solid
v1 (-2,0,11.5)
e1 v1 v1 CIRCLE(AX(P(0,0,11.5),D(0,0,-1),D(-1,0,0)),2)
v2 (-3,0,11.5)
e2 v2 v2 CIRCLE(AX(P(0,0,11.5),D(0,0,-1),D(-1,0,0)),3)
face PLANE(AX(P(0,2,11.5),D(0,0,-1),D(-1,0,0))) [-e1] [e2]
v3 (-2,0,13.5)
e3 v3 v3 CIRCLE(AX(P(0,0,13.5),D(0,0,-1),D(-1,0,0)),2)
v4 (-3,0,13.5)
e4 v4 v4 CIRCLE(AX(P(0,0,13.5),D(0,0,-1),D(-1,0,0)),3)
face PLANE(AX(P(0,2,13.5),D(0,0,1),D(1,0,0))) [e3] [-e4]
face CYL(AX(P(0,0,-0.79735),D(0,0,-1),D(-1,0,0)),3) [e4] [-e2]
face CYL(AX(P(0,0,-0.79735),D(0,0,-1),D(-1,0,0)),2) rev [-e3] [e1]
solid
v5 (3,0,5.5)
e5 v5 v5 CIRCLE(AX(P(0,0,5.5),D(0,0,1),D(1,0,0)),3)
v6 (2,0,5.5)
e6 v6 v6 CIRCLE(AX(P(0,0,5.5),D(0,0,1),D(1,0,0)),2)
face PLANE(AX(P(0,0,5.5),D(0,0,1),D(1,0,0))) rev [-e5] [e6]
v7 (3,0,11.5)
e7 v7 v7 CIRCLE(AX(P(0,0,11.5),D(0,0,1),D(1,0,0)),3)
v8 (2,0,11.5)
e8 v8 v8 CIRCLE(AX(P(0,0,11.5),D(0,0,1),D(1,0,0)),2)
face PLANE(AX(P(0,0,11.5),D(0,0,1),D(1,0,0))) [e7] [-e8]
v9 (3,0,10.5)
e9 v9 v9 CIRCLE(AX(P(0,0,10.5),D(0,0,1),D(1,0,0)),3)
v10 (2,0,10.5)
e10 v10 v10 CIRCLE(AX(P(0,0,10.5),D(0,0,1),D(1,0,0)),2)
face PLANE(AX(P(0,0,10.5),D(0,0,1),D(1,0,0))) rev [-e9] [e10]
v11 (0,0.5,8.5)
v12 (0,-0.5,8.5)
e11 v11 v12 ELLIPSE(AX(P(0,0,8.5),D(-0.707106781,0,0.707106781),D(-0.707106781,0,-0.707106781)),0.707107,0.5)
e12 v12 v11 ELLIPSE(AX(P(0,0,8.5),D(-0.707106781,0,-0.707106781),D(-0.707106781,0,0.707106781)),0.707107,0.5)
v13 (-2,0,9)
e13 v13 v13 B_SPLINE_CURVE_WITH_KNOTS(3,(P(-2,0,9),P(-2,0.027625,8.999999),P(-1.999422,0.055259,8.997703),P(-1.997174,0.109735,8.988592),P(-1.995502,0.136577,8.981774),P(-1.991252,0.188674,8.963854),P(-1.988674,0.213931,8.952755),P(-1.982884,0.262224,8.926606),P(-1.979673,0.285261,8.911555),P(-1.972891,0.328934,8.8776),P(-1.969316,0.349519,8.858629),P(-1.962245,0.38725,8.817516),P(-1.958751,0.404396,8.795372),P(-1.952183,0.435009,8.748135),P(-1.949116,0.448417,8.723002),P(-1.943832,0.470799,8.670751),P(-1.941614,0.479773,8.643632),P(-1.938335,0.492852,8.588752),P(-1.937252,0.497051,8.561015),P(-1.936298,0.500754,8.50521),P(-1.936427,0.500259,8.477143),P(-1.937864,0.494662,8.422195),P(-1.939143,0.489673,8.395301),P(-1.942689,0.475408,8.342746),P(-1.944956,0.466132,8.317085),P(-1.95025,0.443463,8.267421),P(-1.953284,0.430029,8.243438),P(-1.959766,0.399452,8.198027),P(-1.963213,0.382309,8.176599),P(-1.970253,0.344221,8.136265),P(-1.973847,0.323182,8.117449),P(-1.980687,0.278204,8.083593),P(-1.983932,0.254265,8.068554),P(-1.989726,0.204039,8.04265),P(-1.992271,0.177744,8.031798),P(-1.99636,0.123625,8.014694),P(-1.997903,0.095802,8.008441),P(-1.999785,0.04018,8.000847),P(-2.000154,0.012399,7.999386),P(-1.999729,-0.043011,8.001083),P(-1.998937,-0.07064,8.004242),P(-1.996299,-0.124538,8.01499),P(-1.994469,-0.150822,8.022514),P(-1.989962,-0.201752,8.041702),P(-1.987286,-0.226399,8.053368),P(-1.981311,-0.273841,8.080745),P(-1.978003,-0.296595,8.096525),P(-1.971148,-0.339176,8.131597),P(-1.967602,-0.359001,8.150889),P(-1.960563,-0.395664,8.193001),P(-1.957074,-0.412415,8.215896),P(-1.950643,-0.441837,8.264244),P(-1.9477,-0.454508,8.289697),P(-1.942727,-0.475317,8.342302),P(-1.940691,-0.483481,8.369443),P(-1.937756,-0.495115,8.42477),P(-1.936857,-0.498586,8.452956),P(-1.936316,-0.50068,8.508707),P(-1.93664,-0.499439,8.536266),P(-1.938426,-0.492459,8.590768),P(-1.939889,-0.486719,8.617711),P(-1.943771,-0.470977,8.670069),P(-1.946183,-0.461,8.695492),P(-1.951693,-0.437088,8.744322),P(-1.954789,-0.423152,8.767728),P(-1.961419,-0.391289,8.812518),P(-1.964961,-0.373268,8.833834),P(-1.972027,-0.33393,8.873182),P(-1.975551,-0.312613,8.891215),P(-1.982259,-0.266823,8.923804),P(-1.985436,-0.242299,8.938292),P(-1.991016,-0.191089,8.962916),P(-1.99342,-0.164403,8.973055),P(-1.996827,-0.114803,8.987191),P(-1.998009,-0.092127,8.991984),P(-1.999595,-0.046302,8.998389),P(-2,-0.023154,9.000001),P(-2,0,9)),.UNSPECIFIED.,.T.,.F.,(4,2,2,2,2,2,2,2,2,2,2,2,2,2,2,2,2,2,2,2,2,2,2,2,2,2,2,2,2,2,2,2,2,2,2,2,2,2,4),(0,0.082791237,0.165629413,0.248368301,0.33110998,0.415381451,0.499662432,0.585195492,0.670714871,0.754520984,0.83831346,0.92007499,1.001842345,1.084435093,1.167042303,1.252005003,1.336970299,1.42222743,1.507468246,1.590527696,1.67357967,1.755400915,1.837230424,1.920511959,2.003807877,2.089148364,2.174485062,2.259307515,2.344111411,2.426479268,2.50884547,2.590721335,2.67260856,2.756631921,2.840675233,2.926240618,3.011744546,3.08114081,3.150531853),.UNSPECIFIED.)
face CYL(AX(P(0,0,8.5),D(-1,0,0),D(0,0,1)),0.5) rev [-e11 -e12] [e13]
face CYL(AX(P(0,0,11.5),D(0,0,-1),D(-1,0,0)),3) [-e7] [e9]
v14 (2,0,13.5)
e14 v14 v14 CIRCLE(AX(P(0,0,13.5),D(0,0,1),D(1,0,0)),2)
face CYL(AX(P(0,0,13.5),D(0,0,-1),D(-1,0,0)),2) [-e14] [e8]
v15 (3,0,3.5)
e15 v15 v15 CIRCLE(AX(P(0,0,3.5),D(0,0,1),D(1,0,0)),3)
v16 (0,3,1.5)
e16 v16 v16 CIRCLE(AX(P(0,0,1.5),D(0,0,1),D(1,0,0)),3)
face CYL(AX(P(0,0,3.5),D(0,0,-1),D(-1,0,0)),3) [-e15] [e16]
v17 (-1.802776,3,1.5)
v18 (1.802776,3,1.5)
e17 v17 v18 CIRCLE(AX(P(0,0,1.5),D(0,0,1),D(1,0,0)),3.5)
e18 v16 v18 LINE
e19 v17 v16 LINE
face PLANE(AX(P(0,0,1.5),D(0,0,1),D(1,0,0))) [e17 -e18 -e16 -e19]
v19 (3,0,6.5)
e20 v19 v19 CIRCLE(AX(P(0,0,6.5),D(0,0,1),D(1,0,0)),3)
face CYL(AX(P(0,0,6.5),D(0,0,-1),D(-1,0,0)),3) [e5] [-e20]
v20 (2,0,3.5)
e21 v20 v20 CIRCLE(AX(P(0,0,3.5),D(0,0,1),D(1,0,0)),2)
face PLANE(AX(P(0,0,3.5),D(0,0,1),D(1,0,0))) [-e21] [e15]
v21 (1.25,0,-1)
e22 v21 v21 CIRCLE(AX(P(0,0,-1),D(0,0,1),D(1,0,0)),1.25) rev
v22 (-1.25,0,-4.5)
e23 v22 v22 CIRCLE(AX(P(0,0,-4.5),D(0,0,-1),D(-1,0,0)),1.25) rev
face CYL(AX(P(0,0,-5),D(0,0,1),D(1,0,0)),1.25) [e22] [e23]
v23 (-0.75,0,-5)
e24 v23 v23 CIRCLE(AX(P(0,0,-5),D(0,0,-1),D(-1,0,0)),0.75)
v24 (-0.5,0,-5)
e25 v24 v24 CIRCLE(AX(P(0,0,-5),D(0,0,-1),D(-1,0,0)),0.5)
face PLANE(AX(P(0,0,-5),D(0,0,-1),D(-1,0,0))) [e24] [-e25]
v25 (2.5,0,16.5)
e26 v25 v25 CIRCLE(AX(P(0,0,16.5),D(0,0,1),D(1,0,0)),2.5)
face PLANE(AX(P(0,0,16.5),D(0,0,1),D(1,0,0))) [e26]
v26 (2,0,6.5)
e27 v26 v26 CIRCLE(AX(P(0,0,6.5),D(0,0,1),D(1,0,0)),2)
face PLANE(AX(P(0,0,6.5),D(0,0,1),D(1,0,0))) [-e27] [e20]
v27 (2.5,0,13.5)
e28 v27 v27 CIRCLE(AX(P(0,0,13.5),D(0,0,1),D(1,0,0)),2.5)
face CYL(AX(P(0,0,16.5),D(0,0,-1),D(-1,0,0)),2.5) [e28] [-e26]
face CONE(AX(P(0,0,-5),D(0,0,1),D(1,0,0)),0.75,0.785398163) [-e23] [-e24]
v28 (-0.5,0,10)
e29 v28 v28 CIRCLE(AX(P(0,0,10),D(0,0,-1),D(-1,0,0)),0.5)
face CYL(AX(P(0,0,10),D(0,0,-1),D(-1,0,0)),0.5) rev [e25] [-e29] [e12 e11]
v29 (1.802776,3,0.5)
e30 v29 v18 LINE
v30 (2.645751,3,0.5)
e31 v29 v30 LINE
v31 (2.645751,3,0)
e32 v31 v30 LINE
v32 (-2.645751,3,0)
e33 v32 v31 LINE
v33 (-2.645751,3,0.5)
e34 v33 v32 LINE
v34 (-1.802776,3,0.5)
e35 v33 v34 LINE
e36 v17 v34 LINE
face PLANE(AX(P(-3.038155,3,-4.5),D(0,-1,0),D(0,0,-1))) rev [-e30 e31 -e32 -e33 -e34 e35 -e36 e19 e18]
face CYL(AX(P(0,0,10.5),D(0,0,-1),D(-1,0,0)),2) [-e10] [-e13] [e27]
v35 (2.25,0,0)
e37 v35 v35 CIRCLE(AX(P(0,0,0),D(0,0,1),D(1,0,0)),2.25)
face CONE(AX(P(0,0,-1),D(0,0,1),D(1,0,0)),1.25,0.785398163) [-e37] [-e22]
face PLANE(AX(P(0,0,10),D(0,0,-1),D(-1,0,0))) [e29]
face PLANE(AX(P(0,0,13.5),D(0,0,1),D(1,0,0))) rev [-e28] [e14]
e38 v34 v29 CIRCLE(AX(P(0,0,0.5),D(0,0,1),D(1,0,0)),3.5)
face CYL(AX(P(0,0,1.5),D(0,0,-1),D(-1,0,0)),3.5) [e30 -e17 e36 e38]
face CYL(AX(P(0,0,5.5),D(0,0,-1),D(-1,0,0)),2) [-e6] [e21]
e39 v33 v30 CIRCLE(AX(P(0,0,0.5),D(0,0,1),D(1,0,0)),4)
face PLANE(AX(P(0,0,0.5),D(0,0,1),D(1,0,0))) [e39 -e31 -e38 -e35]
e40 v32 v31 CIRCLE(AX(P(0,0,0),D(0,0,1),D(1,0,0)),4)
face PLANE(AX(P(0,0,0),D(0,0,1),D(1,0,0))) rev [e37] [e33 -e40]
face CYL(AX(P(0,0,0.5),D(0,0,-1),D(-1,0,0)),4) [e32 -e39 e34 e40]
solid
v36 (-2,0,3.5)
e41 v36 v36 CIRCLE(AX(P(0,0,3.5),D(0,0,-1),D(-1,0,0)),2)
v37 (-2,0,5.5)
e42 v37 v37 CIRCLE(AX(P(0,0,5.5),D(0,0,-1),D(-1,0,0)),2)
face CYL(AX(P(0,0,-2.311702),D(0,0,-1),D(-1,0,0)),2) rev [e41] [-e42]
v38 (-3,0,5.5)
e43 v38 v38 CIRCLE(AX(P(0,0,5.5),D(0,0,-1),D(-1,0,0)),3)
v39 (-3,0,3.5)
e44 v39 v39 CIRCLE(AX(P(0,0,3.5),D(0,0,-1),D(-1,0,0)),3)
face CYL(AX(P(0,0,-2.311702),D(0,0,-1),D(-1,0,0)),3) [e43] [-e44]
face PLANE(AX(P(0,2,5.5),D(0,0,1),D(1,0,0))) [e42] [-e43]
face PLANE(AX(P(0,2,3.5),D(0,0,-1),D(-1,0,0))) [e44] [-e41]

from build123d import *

# Parameters (mm, degrees)
SKETCH1_R            = 4
BOSS_EXTRUDE1_DEPTH  = 0.5
SKETCH2_R            = 3.5
BOSS_EXTRUDE2_DEPTH  = 1
SKETCH3_R            = 3
BOSS_EXTRUDE3_DEPTH  = 2
SKETCH4_R            = 2
BOSS_EXTRUDE4_DEPTH  = 2
SKETCH5_R            = 3
BOSS_EXTRUDE5_DEPTH  = 1
SKETCH6_R            = 2
BOSS_EXTRUDE6_DEPTH  = 4
SKETCH7_R            = 3
BOSS_EXTRUDE7_DEPTH  = 1
SKETCH8_R            = 2
BOSS_EXTRUDE8_DEPTH  = 2
SKETCH9_R            = 2.5
BOSS_EXTRUDE9_DEPTH  = 3
SKETCH10_R           = 1.25
BOSS_EXTRUDE10_DEPTH = 5
CHAMFER1_SIZE        = 1
CHAMFER2_SIZE        = 0.5
SKETCH11_W           = 6.076310812
SKETCH11_H           = 1
CUT_EXTRUDE1_DEPTH   = 6
SKETCH12_R           = 0.5
CUT_EXTRUDE2_DEPTH   = 2
SKETCH13_R           = 0.5
CUT_EXTRUDE3_DEPTH   = 15
SKETCH17_W           = 2
SKETCH17_H           = 1
SKETCH18_W           = 2
SKETCH18_H           = 1


with BuildPart() as part:
    # Sketch1 → Boss-Extrude1 (new body)
    with BuildSketch(Plane.XY):
        Circle(SKETCH1_R)
    extrude(amount=BOSS_EXTRUDE1_DEPTH)

    # Sketch2 → Boss-Extrude2 (add)
    with BuildSketch(Plane.XY.offset(0.5)):
        Circle(SKETCH2_R)
    extrude(amount=BOSS_EXTRUDE2_DEPTH)

    # Sketch3 → Boss-Extrude3 (add)
    with BuildSketch(Plane.XY.offset(1.5)):
        Circle(SKETCH3_R)
    extrude(amount=BOSS_EXTRUDE3_DEPTH)

    # Sketch4 → Boss-Extrude4 (add)
    with BuildSketch(Plane.XY.offset(3.5)):
        Circle(SKETCH4_R)
    extrude(amount=BOSS_EXTRUDE4_DEPTH)

    # Sketch5 → Boss-Extrude5 (add)
    with BuildSketch(Plane.XY.offset(5.5)):
        Circle(SKETCH5_R)
    extrude(amount=BOSS_EXTRUDE5_DEPTH)

    # Sketch6 → Boss-Extrude6 (add)
    with BuildSketch(Plane.XY.offset(6.5)):
        Circle(SKETCH6_R)
    extrude(amount=BOSS_EXTRUDE6_DEPTH)

    # Sketch7 → Boss-Extrude7 (add)
    with BuildSketch(Plane.XY.offset(10.5)):
        Circle(SKETCH7_R)
    extrude(amount=BOSS_EXTRUDE7_DEPTH)

    # Sketch8 → Boss-Extrude8 (add)
    with BuildSketch(Plane.XY.offset(11.5)):
        Circle(SKETCH8_R)
    extrude(amount=BOSS_EXTRUDE8_DEPTH)

    # Sketch9 → Boss-Extrude9 (add)
    with BuildSketch(Plane.XY.offset(13.5)):
        Circle(SKETCH9_R)
    extrude(amount=BOSS_EXTRUDE9_DEPTH)

    # Sketch10 → Boss-Extrude10 (add)
    with BuildSketch(Plane(origin=(0, 0, 0), x_dir=(-1, 0, 0), z_dir=(0, 0, -1))):
        Circle(SKETCH10_R)
    extrude(amount=BOSS_EXTRUDE10_DEPTH)

    # Chamfer1
    chamfer1_edges = [part.edges().sort_by_distance(p)[0] for p in [
        (1.25, 0, 0),
    ]]
    chamfer(chamfer1_edges, length=CHAMFER1_SIZE)

    # Chamfer2
    chamfer2_edges = [part.edges().sort_by_distance(p)[0] for p in [
        (1.25, 0, -5),
    ]]
    chamfer(chamfer2_edges, length=CHAMFER2_SIZE)

    # Sketch11 → Cut-Extrude1 (cut)
    with BuildSketch(Plane.XY.offset(1.5)):
        with Locations((0, 3.5)):
            Rectangle(SKETCH11_W, SKETCH11_H)
    extrude(amount=-CUT_EXTRUDE1_DEPTH, mode=Mode.SUBTRACT)

    # Sketch12 → Cut-Extrude2 (cut)
    with BuildSketch(Plane(origin=(-2, 0, 0), x_dir=(0, 0, -1), z_dir=(1, 0, 0))):
        with Locations(Location((-8.5, 0, 0), (0, 0, 180))):
            Circle(SKETCH12_R)
    extrude(amount=CUT_EXTRUDE2_DEPTH, mode=Mode.SUBTRACT)

    # Sketch13 → Cut-Extrude3 (cut)
    with BuildSketch(Plane(origin=(0, 0, -5), x_dir=(-1, 0, 0), z_dir=(0, 0, -1))):
        Circle(SKETCH13_R)
    extrude(amount=-CUT_EXTRUDE3_DEPTH, mode=Mode.SUBTRACT)


with BuildPart() as body_2:
    # Sketch17 → Revolve1 (revolve)
    with BuildSketch(Plane(origin=(0, 0, 0), x_dir=(0, 0, -1), z_dir=(1, 0, 0))):
        with Locations((-4.5, 2.5)):
            Rectangle(SKETCH17_W, SKETCH17_H)
    revolve(axis=Axis((0, 0, -2.311701569), (0, 0, 1)))


with BuildPart() as body_3:
    # Sketch18 → Revolve2 (revolve)
    with BuildSketch(Plane(origin=(0, 0, 0), x_dir=(0, 0, -1), z_dir=(1, 0, 0)), mode=Mode.PRIVATE) as revolve2_sk:
        with Locations((-12.5, 2.5)):
            Rectangle(SKETCH18_W, SKETCH18_H)
    revolve(revolve2_sk.sketch.rotate(Axis((0, 0, -0.797349903), (0, 0, 1)), 90), axis=Axis((0, 0, -0.797349903), (0, 0, 1)))


solid = Compound([part.part, body_2.part, body_3.part])
